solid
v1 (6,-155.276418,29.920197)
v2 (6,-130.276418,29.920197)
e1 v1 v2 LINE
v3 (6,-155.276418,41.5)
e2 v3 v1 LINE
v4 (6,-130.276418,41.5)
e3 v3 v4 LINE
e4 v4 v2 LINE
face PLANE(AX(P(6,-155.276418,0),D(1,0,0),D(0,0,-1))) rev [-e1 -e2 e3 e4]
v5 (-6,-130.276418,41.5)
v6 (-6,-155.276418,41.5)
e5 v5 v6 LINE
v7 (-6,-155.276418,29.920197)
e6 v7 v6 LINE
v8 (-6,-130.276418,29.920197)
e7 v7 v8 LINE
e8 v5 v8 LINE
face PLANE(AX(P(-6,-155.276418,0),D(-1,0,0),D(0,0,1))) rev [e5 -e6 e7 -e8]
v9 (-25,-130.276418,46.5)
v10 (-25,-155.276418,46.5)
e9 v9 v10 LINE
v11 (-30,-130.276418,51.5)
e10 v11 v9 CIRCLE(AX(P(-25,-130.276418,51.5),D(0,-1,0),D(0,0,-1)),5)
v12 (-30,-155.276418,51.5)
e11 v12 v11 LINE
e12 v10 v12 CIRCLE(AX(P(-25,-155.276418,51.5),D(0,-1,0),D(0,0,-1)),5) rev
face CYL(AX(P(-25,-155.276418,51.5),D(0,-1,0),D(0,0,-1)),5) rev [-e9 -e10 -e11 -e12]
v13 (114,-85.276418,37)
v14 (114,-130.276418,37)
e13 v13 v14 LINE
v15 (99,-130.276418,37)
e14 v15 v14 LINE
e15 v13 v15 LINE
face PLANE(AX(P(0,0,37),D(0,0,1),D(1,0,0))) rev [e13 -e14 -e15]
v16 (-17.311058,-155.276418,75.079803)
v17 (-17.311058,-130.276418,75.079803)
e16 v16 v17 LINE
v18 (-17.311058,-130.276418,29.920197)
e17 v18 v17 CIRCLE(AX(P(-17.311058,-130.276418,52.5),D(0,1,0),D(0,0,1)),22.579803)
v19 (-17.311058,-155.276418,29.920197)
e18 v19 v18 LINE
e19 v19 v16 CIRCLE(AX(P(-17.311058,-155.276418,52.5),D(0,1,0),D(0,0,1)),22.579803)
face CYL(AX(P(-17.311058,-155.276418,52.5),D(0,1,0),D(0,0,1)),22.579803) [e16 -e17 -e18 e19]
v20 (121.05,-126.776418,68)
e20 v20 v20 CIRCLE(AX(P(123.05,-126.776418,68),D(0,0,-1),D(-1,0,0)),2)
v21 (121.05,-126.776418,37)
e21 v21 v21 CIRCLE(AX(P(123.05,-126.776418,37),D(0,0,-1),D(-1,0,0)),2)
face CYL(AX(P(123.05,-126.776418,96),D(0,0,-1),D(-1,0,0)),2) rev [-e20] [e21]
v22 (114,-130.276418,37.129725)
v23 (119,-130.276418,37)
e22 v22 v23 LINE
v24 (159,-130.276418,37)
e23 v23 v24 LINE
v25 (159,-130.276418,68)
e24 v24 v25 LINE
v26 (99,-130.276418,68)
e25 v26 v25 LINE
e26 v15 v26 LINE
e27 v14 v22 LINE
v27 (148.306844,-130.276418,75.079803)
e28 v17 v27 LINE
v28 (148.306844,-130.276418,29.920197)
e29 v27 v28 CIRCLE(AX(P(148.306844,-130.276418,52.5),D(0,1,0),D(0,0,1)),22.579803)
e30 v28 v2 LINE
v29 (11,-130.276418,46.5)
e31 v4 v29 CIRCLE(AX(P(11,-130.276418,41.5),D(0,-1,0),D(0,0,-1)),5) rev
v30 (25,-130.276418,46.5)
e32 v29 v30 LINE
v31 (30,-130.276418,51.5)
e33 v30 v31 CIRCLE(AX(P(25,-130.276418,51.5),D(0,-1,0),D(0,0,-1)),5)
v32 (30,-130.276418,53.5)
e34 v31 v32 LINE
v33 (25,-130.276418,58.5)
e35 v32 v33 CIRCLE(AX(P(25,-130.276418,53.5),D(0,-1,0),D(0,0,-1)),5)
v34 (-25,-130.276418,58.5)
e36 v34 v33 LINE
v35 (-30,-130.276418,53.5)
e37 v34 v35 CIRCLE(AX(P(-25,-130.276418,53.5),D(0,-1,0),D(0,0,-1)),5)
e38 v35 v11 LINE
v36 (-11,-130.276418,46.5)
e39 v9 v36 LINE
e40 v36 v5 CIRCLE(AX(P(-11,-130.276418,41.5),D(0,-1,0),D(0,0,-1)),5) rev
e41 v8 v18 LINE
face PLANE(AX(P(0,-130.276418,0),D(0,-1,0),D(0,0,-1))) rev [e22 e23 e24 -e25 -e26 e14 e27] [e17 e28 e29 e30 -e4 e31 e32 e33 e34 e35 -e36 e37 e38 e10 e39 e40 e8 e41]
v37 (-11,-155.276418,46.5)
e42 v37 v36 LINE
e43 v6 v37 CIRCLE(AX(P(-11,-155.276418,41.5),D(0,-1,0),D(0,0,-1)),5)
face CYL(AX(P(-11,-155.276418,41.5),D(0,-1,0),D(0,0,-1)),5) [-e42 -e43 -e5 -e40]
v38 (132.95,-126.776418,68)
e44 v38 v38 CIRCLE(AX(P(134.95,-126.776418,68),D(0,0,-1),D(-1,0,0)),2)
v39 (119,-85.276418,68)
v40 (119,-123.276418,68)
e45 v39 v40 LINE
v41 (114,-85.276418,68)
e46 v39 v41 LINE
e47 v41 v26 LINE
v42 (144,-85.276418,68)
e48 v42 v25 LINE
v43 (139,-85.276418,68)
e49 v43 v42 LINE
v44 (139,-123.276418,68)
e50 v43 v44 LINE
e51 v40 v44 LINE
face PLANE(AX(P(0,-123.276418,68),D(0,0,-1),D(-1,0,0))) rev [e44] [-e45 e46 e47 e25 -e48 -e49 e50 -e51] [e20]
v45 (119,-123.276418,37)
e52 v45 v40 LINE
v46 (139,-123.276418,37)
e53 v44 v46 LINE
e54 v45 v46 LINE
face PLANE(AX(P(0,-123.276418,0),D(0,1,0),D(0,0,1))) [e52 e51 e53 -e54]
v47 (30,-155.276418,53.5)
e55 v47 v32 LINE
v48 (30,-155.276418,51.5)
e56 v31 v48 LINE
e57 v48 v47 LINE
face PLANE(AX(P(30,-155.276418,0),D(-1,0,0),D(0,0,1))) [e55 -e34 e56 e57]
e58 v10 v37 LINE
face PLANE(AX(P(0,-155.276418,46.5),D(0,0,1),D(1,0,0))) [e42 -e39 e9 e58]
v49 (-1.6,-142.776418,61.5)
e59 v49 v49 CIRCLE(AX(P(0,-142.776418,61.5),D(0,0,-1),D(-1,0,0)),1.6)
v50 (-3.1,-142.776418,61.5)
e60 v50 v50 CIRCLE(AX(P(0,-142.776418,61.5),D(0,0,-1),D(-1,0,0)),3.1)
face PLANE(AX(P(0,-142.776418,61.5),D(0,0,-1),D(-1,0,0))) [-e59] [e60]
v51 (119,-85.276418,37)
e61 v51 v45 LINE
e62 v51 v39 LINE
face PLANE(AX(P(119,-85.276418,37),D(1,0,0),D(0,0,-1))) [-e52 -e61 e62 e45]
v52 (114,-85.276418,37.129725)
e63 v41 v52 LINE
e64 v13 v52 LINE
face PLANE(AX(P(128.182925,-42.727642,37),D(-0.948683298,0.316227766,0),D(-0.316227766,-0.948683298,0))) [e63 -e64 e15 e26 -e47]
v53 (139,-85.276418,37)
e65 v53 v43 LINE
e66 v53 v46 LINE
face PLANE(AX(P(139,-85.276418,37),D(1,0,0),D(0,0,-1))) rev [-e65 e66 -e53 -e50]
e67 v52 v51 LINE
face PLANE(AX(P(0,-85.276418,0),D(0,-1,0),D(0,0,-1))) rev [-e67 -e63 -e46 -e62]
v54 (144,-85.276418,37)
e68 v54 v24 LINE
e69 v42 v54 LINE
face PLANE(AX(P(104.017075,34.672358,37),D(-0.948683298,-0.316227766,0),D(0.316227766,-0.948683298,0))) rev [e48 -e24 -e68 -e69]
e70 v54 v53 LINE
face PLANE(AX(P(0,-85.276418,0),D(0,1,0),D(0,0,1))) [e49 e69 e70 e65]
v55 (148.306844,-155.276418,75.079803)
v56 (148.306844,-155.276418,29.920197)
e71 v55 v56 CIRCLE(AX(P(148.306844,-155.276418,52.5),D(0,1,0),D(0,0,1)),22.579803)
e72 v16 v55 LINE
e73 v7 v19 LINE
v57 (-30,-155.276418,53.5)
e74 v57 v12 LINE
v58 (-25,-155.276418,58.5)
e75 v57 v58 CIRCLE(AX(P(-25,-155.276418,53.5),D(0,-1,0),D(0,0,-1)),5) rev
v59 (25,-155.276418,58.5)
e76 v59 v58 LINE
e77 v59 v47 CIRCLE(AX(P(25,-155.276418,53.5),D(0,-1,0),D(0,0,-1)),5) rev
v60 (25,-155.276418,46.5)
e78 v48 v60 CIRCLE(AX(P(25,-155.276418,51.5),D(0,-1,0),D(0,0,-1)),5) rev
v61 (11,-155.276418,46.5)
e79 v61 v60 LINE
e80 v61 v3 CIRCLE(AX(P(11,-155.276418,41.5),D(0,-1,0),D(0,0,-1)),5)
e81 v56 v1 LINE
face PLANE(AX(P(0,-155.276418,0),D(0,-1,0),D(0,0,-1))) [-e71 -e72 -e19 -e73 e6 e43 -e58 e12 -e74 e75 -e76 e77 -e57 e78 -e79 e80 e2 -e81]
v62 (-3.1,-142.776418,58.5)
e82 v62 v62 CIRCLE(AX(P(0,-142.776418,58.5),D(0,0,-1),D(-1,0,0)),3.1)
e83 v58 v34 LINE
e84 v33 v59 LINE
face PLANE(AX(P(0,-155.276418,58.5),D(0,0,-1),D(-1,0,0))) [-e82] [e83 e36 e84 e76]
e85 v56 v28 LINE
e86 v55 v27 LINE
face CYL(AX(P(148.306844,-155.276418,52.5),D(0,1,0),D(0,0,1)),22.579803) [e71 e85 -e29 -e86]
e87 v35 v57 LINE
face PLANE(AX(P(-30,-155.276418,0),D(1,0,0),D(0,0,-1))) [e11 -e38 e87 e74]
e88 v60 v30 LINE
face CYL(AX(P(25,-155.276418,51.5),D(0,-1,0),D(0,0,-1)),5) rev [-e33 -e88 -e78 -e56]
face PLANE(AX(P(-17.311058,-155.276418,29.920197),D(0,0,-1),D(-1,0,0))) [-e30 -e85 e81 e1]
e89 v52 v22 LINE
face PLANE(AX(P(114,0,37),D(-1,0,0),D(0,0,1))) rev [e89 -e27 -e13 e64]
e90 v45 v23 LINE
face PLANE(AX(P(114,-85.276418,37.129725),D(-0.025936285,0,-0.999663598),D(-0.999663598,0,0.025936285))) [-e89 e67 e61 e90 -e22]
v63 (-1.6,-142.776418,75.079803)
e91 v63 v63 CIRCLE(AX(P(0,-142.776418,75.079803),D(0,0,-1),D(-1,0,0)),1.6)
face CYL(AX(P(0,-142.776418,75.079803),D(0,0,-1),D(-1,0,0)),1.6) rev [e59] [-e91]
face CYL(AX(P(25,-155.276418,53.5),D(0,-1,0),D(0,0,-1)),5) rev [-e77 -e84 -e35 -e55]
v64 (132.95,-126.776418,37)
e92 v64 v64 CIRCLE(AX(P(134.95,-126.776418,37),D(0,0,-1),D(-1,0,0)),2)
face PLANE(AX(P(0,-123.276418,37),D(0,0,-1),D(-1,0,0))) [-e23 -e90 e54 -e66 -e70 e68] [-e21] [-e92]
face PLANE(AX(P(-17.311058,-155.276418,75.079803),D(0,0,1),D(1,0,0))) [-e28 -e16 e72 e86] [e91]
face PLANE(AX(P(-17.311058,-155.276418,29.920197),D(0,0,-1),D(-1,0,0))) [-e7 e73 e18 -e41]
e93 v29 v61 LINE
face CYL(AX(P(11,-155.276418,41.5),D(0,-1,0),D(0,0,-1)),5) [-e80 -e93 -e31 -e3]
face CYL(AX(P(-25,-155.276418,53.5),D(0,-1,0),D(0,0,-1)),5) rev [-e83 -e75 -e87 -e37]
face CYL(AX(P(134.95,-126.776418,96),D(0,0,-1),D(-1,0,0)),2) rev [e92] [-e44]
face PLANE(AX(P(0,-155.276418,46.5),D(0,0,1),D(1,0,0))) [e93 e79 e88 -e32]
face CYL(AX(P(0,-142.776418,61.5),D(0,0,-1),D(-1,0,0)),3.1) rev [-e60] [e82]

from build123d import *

# Parameters (mm, degrees)
SKETCH_1_R                = 1.985
EXTRUDE_1_DEPTH           = 12
CUT_EXTRUDE_1_DEPTH       = 21
CUT_EXTRUDE_6_DEPTH       = 21
SKETCH_12_R               = 1.985
EXTRUDE_11_DEPTH          = 5
SKETCH_13_R               = 1.985
EXTRUDE_12_DEPTH          = 5
SKETCH_14_W               = 2.04
SKETCH_14_H               = 20
CUT_EXTRUDE_7_DEPTH       = 21
SKETCH_15_W               = 6
SKETCH_15_H               = 6
EXTRUDE_13_DEPTH          = 100
EXTRUDE_14_DEPTH          = 25
EXTRUDE_19_DEPTH          = 7
SKETCH_31_W               = 5
SKETCH_31_H               = 31
EXTRUDE_20_DEPTH          = 45
EXTRUDE_21_DEPTH          = 31
CUT_EXTRUDE_16_DEPTH      = 60
SKETCH_38_W               = 0.2
SKETCH_38_H               = 20
CUT_EXTRUDE_18_DEPTH      = 187
FILLET_2_R                = 10
EXTRUDE_22_DEPTH          = 12
EXTRUDE_23_DEPTH          = 12
SKETCH_46_W               = 12
SKETCH_46_H               = 6
EXTRUDE_24_DEPTH          = 72
SKETCH_45_W               = 12
SKETCH_45_H               = 12
EXTRUDE_26_DEPTH          = 34.5
CUT_EXTRUDE_22_DEPTH      = 56
CUT_EXTRUDE_22_DEPTH_BACK = 183
SKETCH_52_W               = 276.860759989
SKETCH_52_H               = 117.184268482
CUT_EXTRUDE_24_DEPTH      = 26
SKETCH_56_R               = 1.7
CUT_EXTRUDE_26_DEPTH      = 17.579802914
CUT_EXTRUDE_26_DEPTH_BACK = 64.5
EXTRUDE_27_DEPTH          = 12
CUT_EXTRUDE_27_DEPTH      = 12
SKETCH_59_W               = 12
SKETCH_59_H               = 29.920197086
EXTRUDE_29_DEPTH          = 25
SKETCH_60_W               = 24
SKETCH_60_H               = 12
EXTRUDE_30_DEPTH          = 12
EXTRUDE_30_DEPTH_BACK     = 25
CUT_EXTRUDE_29_DEPTH      = 141.276417548
CUT_EXTRUDE_29_DEPTH_BACK = 26
SKETCH_64_R               = 3.1
CUT_EXTRUDE_30_DEPTH      = 3
SKETCH_65_R               = 1.6
CUT_EXTRUDE_32_DEPTH      = 14.579802914
FILLET_3_R                = 5
FILLET_4_R                = 5


with BuildPart() as part:
    # 草圖1 → 填料-伸長1 (new body)
    with BuildSketch(Plane.XY):
        with BuildLine():
            Line((-10, 0), (-10, -30.276417548))
            Line((-10, -30.276417548), (10, -30.276417548))
            Line((10, -30.276417548), (10, 0))
            ThreePointArc((10, 0), (0, 10), (-10, 0))
        make_face()
        Circle(SKETCH_1_R, mode=Mode.SUBTRACT)
    extrude(amount=EXTRUDE_1_DEPTH)

    # 草圖2 → 除料-伸長1 (cut, through all)
    with BuildSketch(Plane(origin=(10, 0, 0), x_dir=(0, 0, -1), z_dir=(1, 0, 0))):
        Polygon((-9, 0), (-6, 0), (-3, 0), (-3, 15.780779257), (-9, 15.780779257), align=None)
        Polygon((-3, 0), (-6, 0), (-9, 0), (-8.60053373, -20), (-3, -20), align=None)
    extrude(amount=-CUT_EXTRUDE_1_DEPTH, mode=Mode.SUBTRACT)

    # 草圖11 → 除料-伸長6 (cut, through all)
    with BuildSketch(Plane(origin=(10, 0, 0), x_dir=(0, 0, -1), z_dir=(1, 0, 0))):
        Polygon((-9, 0), (-9, -20), (-8.60053373, -20), align=None)
    extrude(amount=-CUT_EXTRUDE_6_DEPTH, mode=Mode.SUBTRACT)

    # 草圖12 → 填料-伸長11 (add)
    with BuildSketch(Plane.XY.offset(12)):
        with BuildLine():
            ThreePointArc((10, 0), (0, 10), (-10, 0))
            ThreePointArc((-10, 0), (0, -10), (10, 0))
        make_face()
        Circle(SKETCH_12_R, mode=Mode.SUBTRACT)
        with BuildLine():
            ThreePointArc((10, 0), (0, -10), (-10, 0))
            Line((-10, 0), (-10, -30.276417548))
            Line((-10, -30.276417548), (10, -30.276417548))
            Line((10, -30.276417548), (10, 0))
        make_face()
    extrude(amount=EXTRUDE_11_DEPTH)

    # 草圖13 → 填料-伸長12 (add)
    with BuildSketch(Plane(origin=(0, 0, 0), x_dir=(-1, 0, 0), z_dir=(0, 0, -1))):
        with BuildLine():
            ThreePointArc((10, 0), (0, 10), (-10, 0))
            ThreePointArc((-10, 0), (0, -10), (10, 0))
        make_face()
        Circle(SKETCH_13_R, mode=Mode.SUBTRACT)
        with BuildLine():
            ThreePointArc((10, 0), (0, -10), (-10, 0))
            Line((-10, 0), (-10, -30.276417548))
            Line((-10, -30.276417548), (10, -30.276417548))
            Line((10, -30.276417548), (10, 0))
        make_face()
    extrude(amount=EXTRUDE_12_DEPTH)

    # 草圖14 → 除料-伸長7 (cut, through all)
    with BuildSketch(Plane.ZY.offset(10)):
        Polygon((3, 0), (3, -20), (9, -20), (9, 0), (11.04, 0), (11.04, 10), (3, 10), (0.96, 10), (0.96, 0), align=None)
        with Locations((1.98, -10)):
            Rectangle(SKETCH_14_W, SKETCH_14_H)
        with Locations((10.02, -10)):
            Rectangle(SKETCH_14_W, SKETCH_14_H)
    extrude(amount=-CUT_EXTRUDE_7_DEPTH, mode=Mode.SUBTRACT)

    # 草圖15 → 填料-伸長13 (add)
    with BuildSketch(Plane.XZ.offset(30.276417548)):
        with Locations((3, 9)):
            Rectangle(SKETCH_15_W, SKETCH_15_H)
        with Locations((-3, 9)):
            Rectangle(SKETCH_15_W, SKETCH_15_H)
        with Locations((3, 3)):
            Rectangle(SKETCH_15_W, SKETCH_15_H)
        with Locations((-3, 3)):
            Rectangle(SKETCH_15_W, SKETCH_15_H)
    extrude(amount=EXTRUDE_13_DEPTH)

    # 草圖16 → 填料-伸長14 (add)
    with BuildSketch(Plane.XZ.offset(130.276417548)):
        Polygon((176, -54), (176, 6), (176, 96), (-61, 96), (-61, 6), (-61, -54), align=None)
    extrude(amount=EXTRUDE_14_DEPTH)

    # 草圖30 → 填料-伸長19 (add)
    with BuildSketch(Plane(origin=(0, -130.276417548, 0), x_dir=(1, 0, 0), z_dir=(0, 1, 0))):
        Polygon((119, -68), (139, -68), (139, -37), (129, -37), (119, -37), align=None)
    extrude(amount=EXTRUDE_19_DEPTH)

    # 草圖31 → 填料-伸長20 (add)
    with BuildSketch(Plane(origin=(0, -130.276417548, 0), x_dir=(1, 0, 0), z_dir=(0, 1, 0))):
        Polygon((119, -68), (114, -68), (114, -37.129725066), (119, -37), align=None)
        with Locations((141.5, -52.5)):
            Rectangle(SKETCH_31_W, SKETCH_31_H)
    extrude(amount=EXTRUDE_20_DEPTH)

    # 草圖33 → 填料-伸長21 (add)
    with BuildSketch(Plane.XY.offset(68)):
        Polygon((159, -130.276417548), (144, -130.276417548), (144, -85.276417548), align=None)
        Polygon((114, -85.276417548), (99, -130.276417548), (114, -130.276417548), align=None)
    extrude(amount=-EXTRUDE_21_DEPTH)

    # 草圖35 → 除料-伸長16 (cut, through all)
    with BuildSketch(Plane(origin=(0, 0, 37), x_dir=(-1, 0, 0), z_dir=(0, 0, -1))):
        with BuildLine():
            ThreePointArc((-132.95, -126.776417548), (-134.95, -124.776417548), (-136.95, -126.776417548))
            Line((-136.95, -126.776417548), (-132.95, -126.776417548))
        make_face()
        with BuildLine():
            Line((-132.95, -126.776417548), (-136.95, -126.776417548))
            ThreePointArc((-136.95, -126.776417548), (-134.95, -128.776417548), (-132.95, -126.776417548))
        make_face()
        with BuildLine():
            ThreePointArc((-121.05, -126.776417548), (-123.05, -124.776417548), (-125.05, -126.776417548))
            Line((-125.05, -126.776417548), (-121.05, -126.776417548))
        make_face()
        with BuildLine():
            Line((-121.05, -126.776417548), (-125.05, -126.776417548))
            ThreePointArc((-125.05, -126.776417548), (-123.05, -128.776417548), (-121.05, -126.776417548))
        make_face()
    extrude(amount=-CUT_EXTRUDE_16_DEPTH, mode=Mode.SUBTRACT)

    # 草圖38 → 除料-伸長18 (cut, through all)
    with BuildSketch(Plane.ZY.offset(10)):
        Polygon((11.04, 10), (0.96, 10), (0.76, 10), (0.76, 0), (0.96, 0), (0.96, -20), (11.04, -20), (11.04, 0), (11.24, 0), (11.24, 10), align=None)
        with Locations((0.86, -10)):
            Rectangle(SKETCH_38_W, SKETCH_38_H)
        with Locations((11.14, -10)):
            Rectangle(SKETCH_38_W, SKETCH_38_H)
    extrude(amount=-CUT_EXTRUDE_18_DEPTH, mode=Mode.SUBTRACT)

    # 圓角2
    fillet_2_edges = [part.edges().sort_by_distance(p)[0] for p in [
        (-61, -142.776417548, 96),
        (-61, -142.776417548, -54),
        (176, -142.776417548, -54),
        (176, -142.776417548, 96),
    ]]
    fillet(fillet_2_edges, radius=FILLET_2_R)

    # 草圖39 → 填料-伸長22 (add)
    with BuildSketch(Plane(origin=(0, 0, 0), x_dir=(-1, 0, 0), z_dir=(0, 0, -1))):
        Polygon((-6, -80.276417548), (-16, -130.276417548), (-6, -130.276417548), align=None)
        Polygon((6, -80.276417548), (16, -130.276417548), (6, -130.276417548), align=None)
    extrude(amount=-EXTRUDE_22_DEPTH)

    # 草圖40 → 填料-伸長23 (add)
    with BuildSketch(Plane(origin=(6, 0, 0), x_dir=(0, 0, -1), z_dir=(1, 0, 0))):
        Polygon((-12, -80.276417548), (-22, -130.276417548), (-12, -130.276417548), align=None)
        Polygon((0, -80.276417548), (11.303196885, -130.276417548), (0, -130.276417548), align=None)
    extrude(amount=-EXTRUDE_23_DEPTH)

    # 草圖46 → 填料-伸長24 (add)
    with BuildSketch(Plane(origin=(0, -130.276417548, 0), x_dir=(1, 0, 0), z_dir=(0, 1, 0))):
        with Locations((0, -55.5)):
            Rectangle(SKETCH_46_W, SKETCH_46_H)
        with Locations((0, -49.5)):
            Rectangle(SKETCH_46_W, SKETCH_46_H)
    extrude(amount=EXTRUDE_24_DEPTH)

    # 草圖45 → 填料-伸長26 (add)
    with BuildSketch(Plane.XY.offset(12)):
        with Locations((0, -64.276417548)):
            Rectangle(SKETCH_45_W, SKETCH_45_H)
    extrude(amount=EXTRUDE_26_DEPTH)

    # 草圖50 → 除料-伸長22 (cut, two sides)
    with BuildSketch(Plane.ZY.offset(6)) as cut_extrude_22_sk:
        Polygon((12, -70.276417548), (0, -70.276417548), (-67.39172142, -119.054967007), (-58.508131327, -164.361276479), (22, -164.361276479), (22, -130.276417548), (21.222089752, -86.407773417), align=None)
    extrude(amount=CUT_EXTRUDE_22_DEPTH, mode=Mode.SUBTRACT)
    extrude(cut_extrude_22_sk.sketch, amount=-CUT_EXTRUDE_22_DEPTH_BACK, mode=Mode.SUBTRACT)

    # 草圖52 → 除料-伸長24 (cut, through all)
    with BuildSketch(Plane(origin=(0, -130.276417548, 0), x_dir=(1, 0, 0), z_dir=(0, 1, 0))):
        with Locations((58.121400767, -52.5)):
            Rectangle(SKETCH_52_W, SKETCH_52_H)
        with BuildLine():
            Line((-17.31105843, -29.920197086), (148.30684395, -29.920197086))
            ThreePointArc((148.30684395, -29.920197086), (170.886646864, -52.5), (148.30684395, -75.079802914))
            Line((148.30684395, -75.079802914), (-17.31105843, -75.079802914))
            ThreePointArc((-17.31105843, -75.079802914), (-39.890861345, -52.5), (-17.31105843, -29.920197086))
        make_face(mode=Mode.SUBTRACT)
    extrude(amount=-CUT_EXTRUDE_24_DEPTH, mode=Mode.SUBTRACT)

    # 草圖56 → 除料-伸長26 (cut, two sides)
    with BuildSketch(Plane.XY.offset(58.5)) as cut_extrude_26_sk:
        with Locations((0, -64.276417548)):
            Circle(SKETCH_56_R)
    extrude(amount=CUT_EXTRUDE_26_DEPTH, mode=Mode.SUBTRACT)
    extrude(cut_extrude_26_sk.sketch, amount=-CUT_EXTRUDE_26_DEPTH_BACK, mode=Mode.SUBTRACT)

    # 草圖57 → 填料-伸長27 (add)
    with BuildSketch(Plane.ZY.offset(6)):
        Polygon((12, -70.276417548), (0, -70.276417548), (0, -130.276417548), (46.5, -130.276417548), (46.5, -118.276417548), (45.651807849, -118.276417548), (12, -118.276417548), align=None)
    extrude(amount=-EXTRUDE_27_DEPTH)

    # 草圖58 → 除料-伸長27 (cut)
    with BuildSketch(Plane.ZY.offset(6)):
        Polygon((12, -50.353469845), (12, -118.276417548), (97.717444729, -118.276417548), (103.225359423, -26.791834768), align=None)
    extrude(amount=-CUT_EXTRUDE_27_DEPTH, mode=Mode.SUBTRACT)

    # 草圖59 → 填料-伸長29 (add)
    with BuildSketch(Plane.XZ.offset(130.276417548)):
        with Locations((0, 14.960098543)):
            Rectangle(SKETCH_59_W, SKETCH_59_H)
    extrude(amount=EXTRUDE_29_DEPTH)

    # 草圖60 → 填料-伸長30 (add, two sides)
    with BuildSketch(Plane(origin=(0, -130.276417548, 0), x_dir=(1, 0, 0), z_dir=(0, 1, 0))) as extrude_30_sk:
        with Locations((18, -52.5)):
            Rectangle(SKETCH_60_W, SKETCH_60_H)
        with Locations((-18, -52.5)):
            Rectangle(SKETCH_60_W, SKETCH_60_H)
    extrude(amount=EXTRUDE_30_DEPTH)
    extrude(extrude_30_sk.sketch, amount=-EXTRUDE_30_DEPTH_BACK)

    # 草圖61 → 除料-伸長29 (cut, two sides)
    with BuildSketch(Plane(origin=(0, -130.276417548, 0), x_dir=(1, 0, 0), z_dir=(0, 1, 0))) as cut_extrude_29_sk:
        Polygon((-6, -46.5), (-30, -46.5), (-30, -58.5), (30, -58.5), (30, -46.5), (6, -46.5), (6, -25.627647678), (24.570908719, -19.281918297), (2.903681873, 31.931526974), (-27.080258307, 24.052535394), (-16.735277834, -15.315862515), (-15.070735332, -21.650371482), (-6, -26.781810366), align=None)
    extrude(amount=CUT_EXTRUDE_29_DEPTH, mode=Mode.SUBTRACT)
    extrude(cut_extrude_29_sk.sketch, amount=-CUT_EXTRUDE_29_DEPTH_BACK, mode=Mode.SUBTRACT)

    # 草圖64 → 除料-伸長30 (cut)
    with BuildSketch(Plane(origin=(0, 0, 58.5), x_dir=(-1, 0, 0), z_dir=(0, 0, -1))):
        with Locations((0, -142.776417548)):
            Circle(SKETCH_64_R)
    extrude(amount=-CUT_EXTRUDE_30_DEPTH, mode=Mode.SUBTRACT)

    # 草圖65 → 除料-伸長32 (cut, through all)
    with BuildSketch(Plane(origin=(0, 0, 61.5), x_dir=(-1, 0, 0), z_dir=(0, 0, -1))):
        with Locations((0, -142.776417548)):
            Circle(SKETCH_65_R)
    extrude(amount=-CUT_EXTRUDE_32_DEPTH, mode=Mode.SUBTRACT)

    # 圓角3
    fillet_3_edges = [part.edges().sort_by_distance(p)[0] for p in [
        (30, -142.776417548, 58.5),
    ]]
    fillet(fillet_3_edges, radius=FILLET_3_R)

    # 圓角4
    fillet_4_edges = [part.edges().sort_by_distance(p)[0] for p in [
        (30, -142.776417548, 46.5),
        (6, -142.776417548, 46.5),
        (-30, -142.776417548, 46.5),
        (-30, -142.776417548, 58.5),
        (-6, -142.776417548, 46.5),
    ]]
    fillet(fillet_4_edges, radius=FILLET_4_R)


solid = part.part
